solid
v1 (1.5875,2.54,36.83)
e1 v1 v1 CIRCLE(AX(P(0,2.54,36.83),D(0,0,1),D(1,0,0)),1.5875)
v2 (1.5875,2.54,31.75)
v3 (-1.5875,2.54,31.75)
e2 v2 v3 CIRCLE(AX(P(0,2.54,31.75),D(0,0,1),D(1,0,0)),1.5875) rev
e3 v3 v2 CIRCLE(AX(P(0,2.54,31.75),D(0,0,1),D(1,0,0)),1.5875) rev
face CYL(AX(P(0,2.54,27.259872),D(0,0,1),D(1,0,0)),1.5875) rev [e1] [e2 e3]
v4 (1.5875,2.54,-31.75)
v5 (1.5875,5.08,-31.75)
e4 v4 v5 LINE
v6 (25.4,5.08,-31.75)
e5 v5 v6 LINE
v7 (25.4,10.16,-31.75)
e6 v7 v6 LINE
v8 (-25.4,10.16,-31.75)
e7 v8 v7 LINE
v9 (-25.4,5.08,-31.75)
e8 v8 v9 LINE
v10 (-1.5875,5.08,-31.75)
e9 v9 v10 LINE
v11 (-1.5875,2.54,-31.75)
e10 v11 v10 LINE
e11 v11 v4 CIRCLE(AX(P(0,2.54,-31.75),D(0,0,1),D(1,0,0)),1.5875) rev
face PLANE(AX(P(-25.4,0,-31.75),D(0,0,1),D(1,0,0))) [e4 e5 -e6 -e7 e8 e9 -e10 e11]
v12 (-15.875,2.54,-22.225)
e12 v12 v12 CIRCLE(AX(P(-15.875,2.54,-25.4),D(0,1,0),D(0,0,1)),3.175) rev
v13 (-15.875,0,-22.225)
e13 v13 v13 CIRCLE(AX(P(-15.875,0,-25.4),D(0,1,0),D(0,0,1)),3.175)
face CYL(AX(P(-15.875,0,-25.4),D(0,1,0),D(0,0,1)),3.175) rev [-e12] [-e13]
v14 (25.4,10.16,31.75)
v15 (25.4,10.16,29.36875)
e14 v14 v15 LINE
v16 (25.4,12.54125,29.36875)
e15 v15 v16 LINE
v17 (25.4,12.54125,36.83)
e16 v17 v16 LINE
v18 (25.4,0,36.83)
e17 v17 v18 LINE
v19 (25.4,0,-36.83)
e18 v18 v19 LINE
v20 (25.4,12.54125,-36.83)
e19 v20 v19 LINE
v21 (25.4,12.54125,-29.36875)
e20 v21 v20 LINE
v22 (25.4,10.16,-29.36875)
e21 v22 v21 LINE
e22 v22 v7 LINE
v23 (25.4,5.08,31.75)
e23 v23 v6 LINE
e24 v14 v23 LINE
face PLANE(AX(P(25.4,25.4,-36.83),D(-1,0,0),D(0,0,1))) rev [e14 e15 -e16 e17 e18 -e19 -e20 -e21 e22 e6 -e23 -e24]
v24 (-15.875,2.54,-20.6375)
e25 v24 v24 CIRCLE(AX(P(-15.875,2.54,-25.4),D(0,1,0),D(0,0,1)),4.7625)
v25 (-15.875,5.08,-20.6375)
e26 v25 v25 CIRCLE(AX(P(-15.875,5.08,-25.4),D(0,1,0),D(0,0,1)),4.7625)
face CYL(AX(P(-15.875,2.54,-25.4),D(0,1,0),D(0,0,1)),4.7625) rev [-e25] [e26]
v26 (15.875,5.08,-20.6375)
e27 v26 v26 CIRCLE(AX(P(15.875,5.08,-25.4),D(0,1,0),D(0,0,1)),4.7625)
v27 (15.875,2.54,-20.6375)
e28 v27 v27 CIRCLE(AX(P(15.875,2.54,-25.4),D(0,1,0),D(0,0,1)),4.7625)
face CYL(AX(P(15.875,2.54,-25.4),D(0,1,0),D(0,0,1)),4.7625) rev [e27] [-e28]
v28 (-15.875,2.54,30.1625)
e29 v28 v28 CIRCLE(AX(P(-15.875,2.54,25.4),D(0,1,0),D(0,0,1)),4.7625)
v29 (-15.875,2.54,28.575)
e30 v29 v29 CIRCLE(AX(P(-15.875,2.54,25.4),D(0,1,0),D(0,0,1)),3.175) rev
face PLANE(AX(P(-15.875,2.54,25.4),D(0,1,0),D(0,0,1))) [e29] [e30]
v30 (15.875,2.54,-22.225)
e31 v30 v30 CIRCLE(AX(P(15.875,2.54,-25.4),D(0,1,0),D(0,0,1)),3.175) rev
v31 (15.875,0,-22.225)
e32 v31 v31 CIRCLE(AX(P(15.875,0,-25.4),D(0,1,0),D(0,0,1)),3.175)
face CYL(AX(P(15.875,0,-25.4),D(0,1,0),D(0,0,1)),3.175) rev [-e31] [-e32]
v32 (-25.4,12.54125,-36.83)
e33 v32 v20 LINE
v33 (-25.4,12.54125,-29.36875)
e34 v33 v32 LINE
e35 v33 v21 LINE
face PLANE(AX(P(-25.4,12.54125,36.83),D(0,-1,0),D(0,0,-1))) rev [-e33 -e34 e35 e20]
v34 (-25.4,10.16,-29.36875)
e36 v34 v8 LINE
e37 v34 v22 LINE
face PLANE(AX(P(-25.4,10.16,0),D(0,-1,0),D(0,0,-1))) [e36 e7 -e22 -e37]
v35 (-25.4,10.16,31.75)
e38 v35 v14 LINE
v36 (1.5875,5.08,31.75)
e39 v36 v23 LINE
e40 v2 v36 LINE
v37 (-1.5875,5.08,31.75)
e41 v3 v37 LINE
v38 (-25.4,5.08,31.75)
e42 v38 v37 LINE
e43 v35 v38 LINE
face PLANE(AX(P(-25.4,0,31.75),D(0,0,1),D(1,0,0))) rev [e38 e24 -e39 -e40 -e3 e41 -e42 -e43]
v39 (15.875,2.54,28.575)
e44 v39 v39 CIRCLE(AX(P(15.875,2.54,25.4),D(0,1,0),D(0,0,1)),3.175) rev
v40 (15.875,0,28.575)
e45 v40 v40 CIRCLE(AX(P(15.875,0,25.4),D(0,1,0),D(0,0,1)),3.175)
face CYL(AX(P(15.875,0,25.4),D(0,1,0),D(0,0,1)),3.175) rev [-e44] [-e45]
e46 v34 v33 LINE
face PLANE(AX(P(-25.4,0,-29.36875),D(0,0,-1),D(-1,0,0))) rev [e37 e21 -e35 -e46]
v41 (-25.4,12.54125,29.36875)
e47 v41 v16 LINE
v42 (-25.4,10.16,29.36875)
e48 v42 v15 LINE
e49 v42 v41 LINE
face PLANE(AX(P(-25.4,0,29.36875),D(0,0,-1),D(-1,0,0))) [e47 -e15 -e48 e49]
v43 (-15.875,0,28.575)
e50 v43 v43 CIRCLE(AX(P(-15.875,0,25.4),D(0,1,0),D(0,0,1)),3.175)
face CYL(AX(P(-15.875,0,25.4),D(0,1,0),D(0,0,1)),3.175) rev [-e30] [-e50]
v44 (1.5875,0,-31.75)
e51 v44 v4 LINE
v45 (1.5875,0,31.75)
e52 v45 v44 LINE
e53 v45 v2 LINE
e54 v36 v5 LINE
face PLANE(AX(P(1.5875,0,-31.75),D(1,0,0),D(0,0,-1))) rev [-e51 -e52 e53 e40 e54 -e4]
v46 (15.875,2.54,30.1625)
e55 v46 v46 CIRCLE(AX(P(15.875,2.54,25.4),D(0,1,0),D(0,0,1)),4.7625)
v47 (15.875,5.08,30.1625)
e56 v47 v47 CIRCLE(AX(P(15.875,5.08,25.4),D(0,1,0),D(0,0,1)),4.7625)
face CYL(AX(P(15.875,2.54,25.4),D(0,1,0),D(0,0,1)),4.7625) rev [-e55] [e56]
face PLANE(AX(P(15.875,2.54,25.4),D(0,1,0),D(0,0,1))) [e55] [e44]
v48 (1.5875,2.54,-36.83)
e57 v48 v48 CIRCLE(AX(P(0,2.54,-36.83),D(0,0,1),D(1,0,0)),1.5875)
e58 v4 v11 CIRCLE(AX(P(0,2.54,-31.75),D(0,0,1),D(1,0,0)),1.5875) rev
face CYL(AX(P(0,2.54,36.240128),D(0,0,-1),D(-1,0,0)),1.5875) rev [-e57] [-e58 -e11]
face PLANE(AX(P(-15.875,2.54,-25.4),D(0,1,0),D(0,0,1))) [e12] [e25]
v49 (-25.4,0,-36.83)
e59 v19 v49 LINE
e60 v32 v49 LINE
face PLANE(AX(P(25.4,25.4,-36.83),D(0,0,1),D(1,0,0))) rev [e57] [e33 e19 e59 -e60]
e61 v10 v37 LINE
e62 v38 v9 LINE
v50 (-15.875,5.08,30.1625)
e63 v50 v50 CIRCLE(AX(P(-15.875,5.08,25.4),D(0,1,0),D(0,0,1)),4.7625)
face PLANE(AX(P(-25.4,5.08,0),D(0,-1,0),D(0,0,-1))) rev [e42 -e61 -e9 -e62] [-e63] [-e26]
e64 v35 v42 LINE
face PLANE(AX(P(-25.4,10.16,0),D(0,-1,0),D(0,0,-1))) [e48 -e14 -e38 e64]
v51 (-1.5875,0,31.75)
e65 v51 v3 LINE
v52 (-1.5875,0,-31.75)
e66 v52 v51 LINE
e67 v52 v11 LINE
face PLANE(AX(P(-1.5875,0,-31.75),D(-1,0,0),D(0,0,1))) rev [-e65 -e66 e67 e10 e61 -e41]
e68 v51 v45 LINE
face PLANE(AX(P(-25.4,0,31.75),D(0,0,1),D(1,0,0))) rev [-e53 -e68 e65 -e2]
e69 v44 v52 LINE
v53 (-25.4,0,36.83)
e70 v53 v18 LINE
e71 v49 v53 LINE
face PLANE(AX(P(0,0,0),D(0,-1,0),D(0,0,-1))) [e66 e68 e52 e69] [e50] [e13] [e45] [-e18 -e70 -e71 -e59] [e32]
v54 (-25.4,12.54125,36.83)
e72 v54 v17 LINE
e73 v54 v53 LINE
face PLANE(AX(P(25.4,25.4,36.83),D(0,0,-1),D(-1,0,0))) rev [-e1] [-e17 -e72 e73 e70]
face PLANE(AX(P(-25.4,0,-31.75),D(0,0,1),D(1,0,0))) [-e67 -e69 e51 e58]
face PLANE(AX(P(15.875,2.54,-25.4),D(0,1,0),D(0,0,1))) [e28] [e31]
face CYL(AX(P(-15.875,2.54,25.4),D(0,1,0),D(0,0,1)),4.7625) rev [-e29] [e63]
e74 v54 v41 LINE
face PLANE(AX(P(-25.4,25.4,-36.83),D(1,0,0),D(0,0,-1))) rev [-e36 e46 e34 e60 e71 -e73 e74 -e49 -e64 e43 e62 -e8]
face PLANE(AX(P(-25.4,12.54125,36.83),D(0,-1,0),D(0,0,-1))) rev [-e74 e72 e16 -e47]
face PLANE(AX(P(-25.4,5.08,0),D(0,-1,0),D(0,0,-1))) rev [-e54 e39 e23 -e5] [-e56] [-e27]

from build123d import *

# Parameters (mm, degrees)
SKETCH1_W           = 50.8
SKETCH1_H           = 73.66
BOSS_EXTRUDE1_DEPTH = 25.4
SKETCH4_W           = 63.5
SKETCH4_H           = 5.08
SKETCH4_W_2         = 58.7375
SKETCH4_H_2         = 2.38125
CUT_EXTRUDE3_DEPTH  = 51.8
SKETCH5_W           = 73.66
SKETCH5_H           = 12.85875
CUT_EXTRUDE4_DEPTH  = 51.8
SKETCH6_W           = 3.175
SKETCH6_H           = 63.5
CUT_EXTRUDE5_DEPTH  = 6.08
SKETCH7_R           = 3.175
CUT_EXTRUDE6_DEPTH  = 6.08
SKETCH8_R           = 4.7625
CUT_EXTRUDE7_DEPTH  = 2.54
SKETCH9_R           = 1.5875
CUT_EXTRUDE8_DEPTH  = 68.58


with BuildPart() as part:
    # Sketch1 → Boss-Extrude1 (new body)
    with BuildSketch(Plane(origin=(0, 0, 0), x_dir=(1, 0, 0), z_dir=(0, 1, 0))):
        Rectangle(SKETCH1_W, SKETCH1_H)
    extrude(amount=BOSS_EXTRUDE1_DEPTH)

    # Sketch4 → Cut-Extrude3 (cut, through all)
    with BuildSketch(Plane(origin=(25.4, 0, 0), x_dir=(0, 0, -1), z_dir=(1, 0, 0))):
        with Locations((0, 7.62)):
            Rectangle(SKETCH4_W, SKETCH4_H)
        with Locations((0, 11.350625)):
            Rectangle(SKETCH4_W_2, SKETCH4_H_2)
    extrude(amount=-CUT_EXTRUDE3_DEPTH, mode=Mode.SUBTRACT)

    # Sketch5 → Cut-Extrude4 (cut, through all)
    with BuildSketch(Plane(origin=(25.4, 0, 0), x_dir=(0, 0, -1), z_dir=(1, 0, 0))):
        with Locations((0, 18.970625)):
            Rectangle(SKETCH5_W, SKETCH5_H)
    extrude(amount=-CUT_EXTRUDE4_DEPTH, mode=Mode.SUBTRACT)

    # Sketch6 → Cut-Extrude5 (cut, through all)
    with BuildSketch(Plane(origin=(0, 5.08, 0), x_dir=(1, 0, 0), z_dir=(0, 1, 0))):
        Rectangle(SKETCH6_W, SKETCH6_H)
    extrude(amount=-CUT_EXTRUDE5_DEPTH, mode=Mode.SUBTRACT)

    # Sketch7 → Cut-Extrude6 (cut, through all)
    with BuildSketch(Plane(origin=(0, 5.08, 0), x_dir=(1, 0, 0), z_dir=(0, 1, 0))):
        with Locations((15.875, 25.4)):
            Circle(SKETCH7_R)
        with Locations((-15.875, 25.4)):
            Circle(SKETCH7_R)
        with Locations((-15.875, -25.4)):
            Circle(SKETCH7_R)
        with Locations((15.875, -25.4)):
            Circle(SKETCH7_R)
    extrude(amount=-CUT_EXTRUDE6_DEPTH, mode=Mode.SUBTRACT)

    # Sketch8 → Cut-Extrude7 (cut)
    with BuildSketch(Plane(origin=(0, 5.08, 0), x_dir=(1, 0, 0), z_dir=(0, 1, 0))):
        with Locations((-15.875, 25.4)):
            Circle(SKETCH8_R)
        with Locations((-15.875, -25.4)):
            Circle(SKETCH8_R)
        with Locations((15.875, -25.4)):
            Circle(SKETCH8_R)
        with Locations((15.875, 25.4)):
            Circle(SKETCH8_R)
    extrude(amount=-CUT_EXTRUDE7_DEPTH, mode=Mode.SUBTRACT)

    # Sketch9 → Cut-Extrude8 (cut)
    with BuildSketch(Plane.XY.offset(36.83)):
        with Locations((0, 2.54)):
            Circle(SKETCH9_R)
    cut_extrude8 = extrude(amount=-CUT_EXTRUDE8_DEPTH, mode=Mode.SUBTRACT)

    # Mirror1: Cut-Extrude8 across plane
    add(cut_extrude8.mirror(Plane.XY), mode=Mode.SUBTRACT)


solid = part.part
